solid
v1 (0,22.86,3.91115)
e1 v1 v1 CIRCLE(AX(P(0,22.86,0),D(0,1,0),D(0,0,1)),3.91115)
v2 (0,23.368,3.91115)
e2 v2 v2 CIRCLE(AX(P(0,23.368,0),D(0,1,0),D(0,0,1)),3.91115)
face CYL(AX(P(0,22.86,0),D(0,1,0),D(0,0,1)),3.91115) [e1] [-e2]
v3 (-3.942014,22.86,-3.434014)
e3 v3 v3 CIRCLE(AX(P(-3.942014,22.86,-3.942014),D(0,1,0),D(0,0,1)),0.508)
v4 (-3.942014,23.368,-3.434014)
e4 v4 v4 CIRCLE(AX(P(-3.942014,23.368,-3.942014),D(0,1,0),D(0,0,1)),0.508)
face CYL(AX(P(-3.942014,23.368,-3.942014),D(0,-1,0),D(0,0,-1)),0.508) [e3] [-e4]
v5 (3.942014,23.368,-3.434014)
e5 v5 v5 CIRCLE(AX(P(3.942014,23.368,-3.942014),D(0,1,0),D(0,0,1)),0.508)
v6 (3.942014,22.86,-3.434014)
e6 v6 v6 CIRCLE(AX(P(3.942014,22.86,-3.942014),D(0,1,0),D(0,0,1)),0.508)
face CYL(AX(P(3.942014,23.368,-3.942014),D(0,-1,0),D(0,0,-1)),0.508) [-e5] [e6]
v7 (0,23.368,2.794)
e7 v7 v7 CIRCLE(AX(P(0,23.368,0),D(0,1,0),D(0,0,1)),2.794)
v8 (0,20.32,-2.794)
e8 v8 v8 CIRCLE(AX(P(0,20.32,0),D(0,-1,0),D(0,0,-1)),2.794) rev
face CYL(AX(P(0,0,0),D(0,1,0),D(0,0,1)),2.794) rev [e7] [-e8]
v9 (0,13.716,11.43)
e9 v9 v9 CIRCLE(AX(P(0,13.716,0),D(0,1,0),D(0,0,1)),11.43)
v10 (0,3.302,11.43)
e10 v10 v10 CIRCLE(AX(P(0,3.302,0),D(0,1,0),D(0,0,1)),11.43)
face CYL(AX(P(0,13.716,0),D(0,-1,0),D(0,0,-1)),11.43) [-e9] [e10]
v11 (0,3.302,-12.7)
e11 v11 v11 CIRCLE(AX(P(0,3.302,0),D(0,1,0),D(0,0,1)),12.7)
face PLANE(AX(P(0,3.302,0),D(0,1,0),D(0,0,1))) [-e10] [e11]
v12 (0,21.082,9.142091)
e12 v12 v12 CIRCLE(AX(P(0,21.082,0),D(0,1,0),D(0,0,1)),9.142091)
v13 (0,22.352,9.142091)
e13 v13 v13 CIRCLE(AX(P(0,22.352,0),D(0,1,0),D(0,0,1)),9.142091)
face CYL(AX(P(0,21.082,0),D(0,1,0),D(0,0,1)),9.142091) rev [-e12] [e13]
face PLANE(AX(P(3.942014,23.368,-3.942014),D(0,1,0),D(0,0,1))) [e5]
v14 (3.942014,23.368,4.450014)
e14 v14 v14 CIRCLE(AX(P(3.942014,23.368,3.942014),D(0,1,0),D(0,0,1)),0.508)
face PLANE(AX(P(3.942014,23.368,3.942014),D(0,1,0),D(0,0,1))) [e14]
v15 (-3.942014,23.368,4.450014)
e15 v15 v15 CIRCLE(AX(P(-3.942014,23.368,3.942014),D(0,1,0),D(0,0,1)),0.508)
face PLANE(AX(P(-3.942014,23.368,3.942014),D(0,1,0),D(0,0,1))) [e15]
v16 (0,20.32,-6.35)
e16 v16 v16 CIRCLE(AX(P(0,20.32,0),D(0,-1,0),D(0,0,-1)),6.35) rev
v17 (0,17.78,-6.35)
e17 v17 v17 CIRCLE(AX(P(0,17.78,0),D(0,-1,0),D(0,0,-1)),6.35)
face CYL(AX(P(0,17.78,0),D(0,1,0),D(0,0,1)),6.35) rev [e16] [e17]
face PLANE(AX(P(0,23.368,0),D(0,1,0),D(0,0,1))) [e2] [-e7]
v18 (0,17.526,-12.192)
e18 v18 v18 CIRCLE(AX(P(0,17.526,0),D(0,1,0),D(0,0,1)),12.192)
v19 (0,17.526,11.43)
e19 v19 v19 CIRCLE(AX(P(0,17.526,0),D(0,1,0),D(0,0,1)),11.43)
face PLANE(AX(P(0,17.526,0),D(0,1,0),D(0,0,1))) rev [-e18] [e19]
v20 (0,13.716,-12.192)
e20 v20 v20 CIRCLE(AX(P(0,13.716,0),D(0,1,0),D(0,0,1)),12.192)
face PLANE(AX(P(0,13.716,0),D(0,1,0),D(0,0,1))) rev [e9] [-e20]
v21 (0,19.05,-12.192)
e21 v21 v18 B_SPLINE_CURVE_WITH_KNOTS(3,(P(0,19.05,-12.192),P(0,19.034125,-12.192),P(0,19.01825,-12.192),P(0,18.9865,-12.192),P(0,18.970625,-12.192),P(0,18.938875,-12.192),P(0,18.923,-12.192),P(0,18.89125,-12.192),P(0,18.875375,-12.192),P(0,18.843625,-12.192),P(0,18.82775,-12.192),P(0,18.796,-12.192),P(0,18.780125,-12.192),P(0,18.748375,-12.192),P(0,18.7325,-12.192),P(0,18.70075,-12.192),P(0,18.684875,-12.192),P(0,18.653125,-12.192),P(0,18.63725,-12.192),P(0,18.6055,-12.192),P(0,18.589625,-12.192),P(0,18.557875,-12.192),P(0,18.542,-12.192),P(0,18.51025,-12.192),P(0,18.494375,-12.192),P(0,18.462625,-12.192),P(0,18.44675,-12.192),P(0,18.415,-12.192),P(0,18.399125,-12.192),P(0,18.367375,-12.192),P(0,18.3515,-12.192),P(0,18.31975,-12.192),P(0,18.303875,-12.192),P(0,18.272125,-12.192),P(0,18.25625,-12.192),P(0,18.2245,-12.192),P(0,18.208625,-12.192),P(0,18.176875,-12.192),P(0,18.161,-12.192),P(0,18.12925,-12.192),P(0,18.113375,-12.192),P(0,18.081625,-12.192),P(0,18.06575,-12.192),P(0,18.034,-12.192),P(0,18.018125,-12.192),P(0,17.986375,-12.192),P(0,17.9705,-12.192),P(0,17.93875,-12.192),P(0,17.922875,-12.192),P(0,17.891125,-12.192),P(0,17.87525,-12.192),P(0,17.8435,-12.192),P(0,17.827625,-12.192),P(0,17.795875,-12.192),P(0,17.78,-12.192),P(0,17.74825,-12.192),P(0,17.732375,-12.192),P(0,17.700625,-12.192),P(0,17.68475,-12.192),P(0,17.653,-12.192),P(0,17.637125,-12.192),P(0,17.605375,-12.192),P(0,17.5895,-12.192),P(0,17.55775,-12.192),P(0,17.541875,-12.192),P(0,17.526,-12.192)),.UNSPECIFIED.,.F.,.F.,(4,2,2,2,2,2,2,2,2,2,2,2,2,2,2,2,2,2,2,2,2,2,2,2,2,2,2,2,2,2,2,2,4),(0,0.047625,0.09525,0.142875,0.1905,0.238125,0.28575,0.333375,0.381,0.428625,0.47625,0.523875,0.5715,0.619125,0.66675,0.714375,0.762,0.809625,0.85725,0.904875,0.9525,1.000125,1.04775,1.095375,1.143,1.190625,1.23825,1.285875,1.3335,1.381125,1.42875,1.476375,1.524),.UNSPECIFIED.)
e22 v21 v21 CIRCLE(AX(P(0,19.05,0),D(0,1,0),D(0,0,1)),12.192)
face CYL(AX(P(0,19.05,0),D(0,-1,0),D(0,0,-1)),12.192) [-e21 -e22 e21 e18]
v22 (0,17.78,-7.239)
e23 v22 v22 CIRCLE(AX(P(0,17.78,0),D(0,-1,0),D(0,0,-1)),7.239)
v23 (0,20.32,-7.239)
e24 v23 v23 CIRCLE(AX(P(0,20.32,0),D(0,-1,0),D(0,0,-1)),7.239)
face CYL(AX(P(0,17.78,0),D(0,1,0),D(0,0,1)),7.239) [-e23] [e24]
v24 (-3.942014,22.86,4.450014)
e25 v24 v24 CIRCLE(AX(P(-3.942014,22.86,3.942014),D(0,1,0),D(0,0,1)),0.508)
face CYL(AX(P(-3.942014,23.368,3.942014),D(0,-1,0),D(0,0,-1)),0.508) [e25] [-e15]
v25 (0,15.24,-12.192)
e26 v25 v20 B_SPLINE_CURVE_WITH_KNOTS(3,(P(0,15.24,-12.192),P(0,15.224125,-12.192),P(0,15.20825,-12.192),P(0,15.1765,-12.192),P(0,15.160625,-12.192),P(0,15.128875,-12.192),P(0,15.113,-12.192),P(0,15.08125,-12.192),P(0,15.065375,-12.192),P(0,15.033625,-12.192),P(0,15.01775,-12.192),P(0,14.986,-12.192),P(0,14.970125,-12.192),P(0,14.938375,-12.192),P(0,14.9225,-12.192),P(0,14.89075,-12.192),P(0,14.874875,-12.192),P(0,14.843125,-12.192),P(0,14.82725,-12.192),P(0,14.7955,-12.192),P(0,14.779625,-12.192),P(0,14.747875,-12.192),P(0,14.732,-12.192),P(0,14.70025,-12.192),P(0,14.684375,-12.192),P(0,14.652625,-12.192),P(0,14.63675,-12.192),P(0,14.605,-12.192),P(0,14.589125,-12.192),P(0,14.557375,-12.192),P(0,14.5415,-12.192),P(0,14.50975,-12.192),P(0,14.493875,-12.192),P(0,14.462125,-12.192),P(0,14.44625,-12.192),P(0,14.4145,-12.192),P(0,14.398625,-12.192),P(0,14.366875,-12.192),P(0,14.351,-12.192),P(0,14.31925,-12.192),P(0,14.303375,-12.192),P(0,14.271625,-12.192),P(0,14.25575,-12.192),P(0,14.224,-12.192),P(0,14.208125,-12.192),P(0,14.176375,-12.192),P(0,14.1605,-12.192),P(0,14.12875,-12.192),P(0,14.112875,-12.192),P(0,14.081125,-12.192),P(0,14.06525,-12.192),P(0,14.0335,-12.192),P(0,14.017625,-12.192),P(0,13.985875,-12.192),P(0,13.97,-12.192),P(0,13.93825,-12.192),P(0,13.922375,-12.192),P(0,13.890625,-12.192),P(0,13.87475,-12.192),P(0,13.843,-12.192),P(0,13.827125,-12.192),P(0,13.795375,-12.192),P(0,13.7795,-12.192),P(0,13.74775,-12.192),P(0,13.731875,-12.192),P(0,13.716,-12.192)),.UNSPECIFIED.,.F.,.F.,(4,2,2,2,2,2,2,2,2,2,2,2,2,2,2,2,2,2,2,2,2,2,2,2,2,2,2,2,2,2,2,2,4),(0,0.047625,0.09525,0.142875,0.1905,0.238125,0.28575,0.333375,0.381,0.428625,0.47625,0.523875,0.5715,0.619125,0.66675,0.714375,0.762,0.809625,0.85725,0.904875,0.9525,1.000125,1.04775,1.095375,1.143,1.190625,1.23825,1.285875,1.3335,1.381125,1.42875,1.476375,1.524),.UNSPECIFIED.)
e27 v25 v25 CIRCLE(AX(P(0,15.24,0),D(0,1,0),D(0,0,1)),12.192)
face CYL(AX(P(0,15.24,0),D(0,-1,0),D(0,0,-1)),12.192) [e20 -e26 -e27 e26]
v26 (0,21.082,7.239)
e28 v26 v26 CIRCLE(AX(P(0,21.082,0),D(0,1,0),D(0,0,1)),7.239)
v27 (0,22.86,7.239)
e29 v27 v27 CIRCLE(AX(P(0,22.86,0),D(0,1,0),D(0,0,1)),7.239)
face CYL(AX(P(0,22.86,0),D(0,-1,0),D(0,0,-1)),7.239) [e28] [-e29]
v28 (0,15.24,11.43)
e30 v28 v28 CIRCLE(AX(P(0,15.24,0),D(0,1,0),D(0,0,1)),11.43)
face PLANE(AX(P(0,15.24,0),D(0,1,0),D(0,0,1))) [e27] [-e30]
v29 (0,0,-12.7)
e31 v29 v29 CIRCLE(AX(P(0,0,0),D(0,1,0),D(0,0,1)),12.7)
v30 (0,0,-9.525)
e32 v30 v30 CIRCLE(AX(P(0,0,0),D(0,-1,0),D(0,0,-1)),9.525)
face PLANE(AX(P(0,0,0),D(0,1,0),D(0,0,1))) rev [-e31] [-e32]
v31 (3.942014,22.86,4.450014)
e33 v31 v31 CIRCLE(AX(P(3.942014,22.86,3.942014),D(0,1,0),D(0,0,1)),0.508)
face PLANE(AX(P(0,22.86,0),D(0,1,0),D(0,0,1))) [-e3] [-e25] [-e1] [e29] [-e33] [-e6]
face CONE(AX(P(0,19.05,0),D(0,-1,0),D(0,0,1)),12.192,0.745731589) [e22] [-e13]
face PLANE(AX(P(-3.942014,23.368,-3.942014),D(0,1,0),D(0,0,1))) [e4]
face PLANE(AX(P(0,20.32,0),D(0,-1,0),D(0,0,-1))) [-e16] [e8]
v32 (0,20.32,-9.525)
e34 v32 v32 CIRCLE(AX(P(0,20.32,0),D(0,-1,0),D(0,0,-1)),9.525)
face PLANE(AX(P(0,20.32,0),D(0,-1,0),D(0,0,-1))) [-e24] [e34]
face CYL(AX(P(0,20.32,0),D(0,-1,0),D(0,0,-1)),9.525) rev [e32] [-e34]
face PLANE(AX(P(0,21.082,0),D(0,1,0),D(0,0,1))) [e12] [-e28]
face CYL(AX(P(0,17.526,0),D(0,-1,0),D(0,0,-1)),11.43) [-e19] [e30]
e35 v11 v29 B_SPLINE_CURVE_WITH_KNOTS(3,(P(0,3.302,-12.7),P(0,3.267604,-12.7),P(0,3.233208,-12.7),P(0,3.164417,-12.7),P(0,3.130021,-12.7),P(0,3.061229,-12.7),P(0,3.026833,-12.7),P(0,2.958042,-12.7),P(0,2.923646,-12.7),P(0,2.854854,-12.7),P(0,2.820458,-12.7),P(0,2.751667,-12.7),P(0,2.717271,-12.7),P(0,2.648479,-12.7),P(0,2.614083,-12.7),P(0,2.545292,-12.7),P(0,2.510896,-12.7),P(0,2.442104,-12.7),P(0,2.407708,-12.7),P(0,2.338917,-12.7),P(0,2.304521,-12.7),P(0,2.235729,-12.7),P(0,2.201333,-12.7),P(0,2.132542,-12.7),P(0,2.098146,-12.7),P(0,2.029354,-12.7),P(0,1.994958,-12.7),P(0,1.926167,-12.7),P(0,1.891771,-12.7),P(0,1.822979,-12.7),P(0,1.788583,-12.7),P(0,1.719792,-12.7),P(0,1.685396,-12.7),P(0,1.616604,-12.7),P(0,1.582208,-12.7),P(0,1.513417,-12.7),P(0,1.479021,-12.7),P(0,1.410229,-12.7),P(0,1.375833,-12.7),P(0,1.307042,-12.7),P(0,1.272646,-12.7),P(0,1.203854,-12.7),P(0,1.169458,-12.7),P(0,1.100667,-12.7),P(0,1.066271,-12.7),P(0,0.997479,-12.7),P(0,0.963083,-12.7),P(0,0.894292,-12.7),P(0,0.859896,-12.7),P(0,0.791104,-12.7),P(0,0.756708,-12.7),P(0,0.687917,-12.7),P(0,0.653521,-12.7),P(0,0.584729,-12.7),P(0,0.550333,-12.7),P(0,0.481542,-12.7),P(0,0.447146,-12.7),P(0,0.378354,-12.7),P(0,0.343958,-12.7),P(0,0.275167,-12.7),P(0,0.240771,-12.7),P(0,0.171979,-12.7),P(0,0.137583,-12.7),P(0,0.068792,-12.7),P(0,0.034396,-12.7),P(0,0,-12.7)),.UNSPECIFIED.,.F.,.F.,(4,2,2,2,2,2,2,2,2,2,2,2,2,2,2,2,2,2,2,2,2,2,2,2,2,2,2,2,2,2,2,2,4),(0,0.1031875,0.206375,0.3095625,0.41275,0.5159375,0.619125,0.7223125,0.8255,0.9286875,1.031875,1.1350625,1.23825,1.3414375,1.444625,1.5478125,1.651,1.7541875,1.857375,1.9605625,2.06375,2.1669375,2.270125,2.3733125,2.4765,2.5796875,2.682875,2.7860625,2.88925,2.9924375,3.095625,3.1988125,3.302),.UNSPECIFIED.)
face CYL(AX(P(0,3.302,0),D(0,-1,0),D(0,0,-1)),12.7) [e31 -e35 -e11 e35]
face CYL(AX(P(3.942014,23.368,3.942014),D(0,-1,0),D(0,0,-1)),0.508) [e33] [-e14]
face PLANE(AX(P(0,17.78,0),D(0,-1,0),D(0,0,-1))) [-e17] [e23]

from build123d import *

# Parameters (mm, degrees)
SKETCH1_R               = 12.7
BOTTOM_LIP_DEPTH        = 3.302
SKETCH2_R               = 11.43
BOSS_EXTRUDE3_DEPTH     = 10.414
SKETCH3_R               = 12.192
BOSS_EXTRUDE4_DEPTH     = 1.524
SKETCH4_R               = 11.43
BOSS_EXTRUDE5_DEPTH     = 2.286
SKETCH5_R               = 12.192
BOSS_EXTRUDE7_DEPTH     = 1.524
SKETCH6_R               = 12.192
BOSS_EXTRUDE8_DEPTH     = 3.302
BOSS_EXTRUDE8_TAPER     = 42.72727272
SKETCH12_R              = 7.239
BOSS_EXTRUDE9_DEPTH     = 0.508
SKETCH13_R              = 9.14209071
CUT_EXTRUDE2_DEPTH      = 1.27
SKETCH14_R              = 7.239
BOSS_EXTRUDE10_DEPTH    = 1.778
CUT_EXTRUDE3_DEPTH      = 30.071628781
CUT_EXTRUDE3_DEPTH_BACK = 30.071628781
SKETCH15_R              = 2.794
SKETCH16_R              = 9.525
CUT_EXTRUDE4_DEPTH      = 20.32
SKETCH17_R              = 7.239
SKETCH17_R_2            = 6.35
BOSS_EXTRUDE11_DEPTH    = 2.54
SKETCH18_R              = 3.911149558
BOSS_EXTRUDE15_DEPTH    = 0.508
SKETCH19_R              = 2.794
CUT_EXTRUDE5_DEPTH      = 30.472757319
SKETCH20_R              = 0.508
BOSS_EXTRUDE16_DEPTH    = 0.508


with BuildPart() as part:
    # Sketch1 → Bottom_Lip (new body)
    with BuildSketch(Plane(origin=(0, 0, 0), x_dir=(1, 0, 0), z_dir=(0, 1, 0))):
        with Locations(Location((0, 0, 0), (0, 0, 90))):
            Circle(SKETCH1_R)
    extrude(amount=BOTTOM_LIP_DEPTH)

    # Sketch2 → Boss-Extrude3 (add)
    with BuildSketch(Plane(origin=(0, 3.302, 0), x_dir=(1, 0, 0), z_dir=(0, 1, 0))):
        with Locations(Location((0, 0, 0), (0, 0, 270))):
            Circle(SKETCH2_R)
    extrude(amount=BOSS_EXTRUDE3_DEPTH)

    # Sketch3 → Boss-Extrude4 (add)
    with BuildSketch(Plane(origin=(0, 13.716, 0), x_dir=(1, 0, 0), z_dir=(0, 1, 0))):
        with Locations(Location((0, 0, 0), (0, 0, 90))):
            Circle(SKETCH3_R)
    extrude(amount=BOSS_EXTRUDE4_DEPTH)

    # Sketch4 → Boss-Extrude5 (add)
    with BuildSketch(Plane(origin=(0, 15.24, 0), x_dir=(1, 0, 0), z_dir=(0, 1, 0))):
        with Locations(Location((0, 0, 0), (0, 0, 270))):
            Circle(SKETCH4_R)
    extrude(amount=BOSS_EXTRUDE5_DEPTH)

    # Sketch5 → Boss-Extrude7 (add)
    with BuildSketch(Plane(origin=(0, 17.526, 0), x_dir=(1, 0, 0), z_dir=(0, 1, 0))):
        with Locations(Location((0, 0, 0), (0, 0, 90))):
            Circle(SKETCH5_R)
    extrude(amount=BOSS_EXTRUDE7_DEPTH)


with BuildPart() as body_2:
    # Sketch6 → Boss-Extrude8 (new body)
    with BuildSketch(Plane(origin=(0, 19.05, 0), x_dir=(1, 0, 0), z_dir=(0, 1, 0))):
        with Locations(Location((0, 0, 0), (0, 0, 90))):
            Circle(SKETCH6_R)
    extrude(amount=BOSS_EXTRUDE8_DEPTH, taper=BOSS_EXTRUDE8_TAPER)

    # Sketch12 → Boss-Extrude9 (add)
    with BuildSketch(Plane(origin=(0, 22.352, 0), x_dir=(1, 0, 0), z_dir=(0, 1, 0))):
        with Locations(Location((0, 0, 0), (0, 0, 270))):
            Circle(SKETCH12_R)
    extrude(amount=BOSS_EXTRUDE9_DEPTH)

    # Sketch13 → Cut-Extrude2 (cut)
    with BuildSketch(Plane(origin=(0, 22.352, 0), x_dir=(1, 0, 0), z_dir=(0, 1, 0))):
        with Locations(Location((0, 0, 0), (0, 0, 270))):
            Circle(SKETCH13_R)
    extrude(amount=-CUT_EXTRUDE2_DEPTH, mode=Mode.SUBTRACT)


with BuildPart() as body_3:
    # of the pieces the cut leaves, the one that is kept (cut_extrude2_keep)
    add(body_2.part.solids().sort_by_distance((0, 19.05, -12.192))[0])

    # Sketch14 → Boss-Extrude10 (add)
    with BuildSketch(Plane(origin=(0, 21.082, 0), x_dir=(1, 0, 0), z_dir=(0, 1, 0))):
        with Locations(Location((0, 0, 0), (0, 0, 270))):
            Circle(SKETCH14_R)
    extrude(amount=BOSS_EXTRUDE10_DEPTH)

    # Sketch15 → Cut-Extrude3 (cut, two sides: drawn at the far end of the back side and taken through both)
    with BuildSketch(Plane(origin=(0, 22.86, 0), x_dir=(1, 0, 0), z_dir=(0, 1, 0)).offset(-CUT_EXTRUDE3_DEPTH_BACK)):
        with Locations(Location((0, 0, 0), (0, 0, 270))):
            Circle(SKETCH15_R)
    extrude(amount=CUT_EXTRUDE3_DEPTH + CUT_EXTRUDE3_DEPTH_BACK, mode=Mode.SUBTRACT)


with BuildPart() as cut_extrude4_tool:
    # Sketch16 → Cut-Extrude4 (new body)
    with BuildSketch(Plane.XZ):
        with Locations(Location((0, 0, 0), (0, 0, 270))):
            Circle(SKETCH16_R)
    extrude(amount=-CUT_EXTRUDE4_DEPTH)


with BuildPart() as part_1:
    add(part.part)

    # Cut-Extrude4: cut by cut_extrude4_tool
    add(cut_extrude4_tool.part, mode=Mode.SUBTRACT)



with BuildPart() as body_3_1:
    add(body_3.part)

    # Cut-Extrude4: cut by cut_extrude4_tool
    add(cut_extrude4_tool.part, mode=Mode.SUBTRACT)


with BuildPart() as part_2:
    add(part_1.part)

    add(body_3_1.part)  # Boss-Extrude11 merges body 3
    # Sketch17 → Boss-Extrude11 (add)
    with BuildSketch(Plane.XZ.offset(-20.32)):
        with Locations(Location((0, 0, 0), (0, 0, 90))):
            Circle(SKETCH17_R)
        with Locations(Location((0, 0, 0), (0, 0, 270))):
            Circle(SKETCH17_R_2, mode=Mode.SUBTRACT)
    extrude(amount=BOSS_EXTRUDE11_DEPTH)

    # Sketch18 → Boss-Extrude15 (add)
    with BuildSketch(Plane(origin=(0, 22.86, 0), x_dir=(1, 0, 0), z_dir=(0, 1, 0))):
        with Locations(Location((0, 0, 0), (0, 0, 270))):
            Circle(SKETCH18_R)
    extrude(amount=BOSS_EXTRUDE15_DEPTH)

    # Sketch19 → Cut-Extrude5 (cut, through all)
    with BuildSketch(Plane(origin=(0, 23.368, 0), x_dir=(1, 0, 0), z_dir=(0, 1, 0))):
        with Locations(Location((0, 0, 0), (0, 0, 270))):
            Circle(SKETCH19_R)
    extrude(amount=-CUT_EXTRUDE5_DEPTH, mode=Mode.SUBTRACT)

    # Sketch20 → Boss-Extrude16 (add)
    with BuildSketch(Plane(origin=(0, 22.86, 0), x_dir=(1, 0, 0), z_dir=(0, 1, 0))):
        with Locations(Location((3.942013927, -3.942013927, 0), (0, 0, 270))):
            Circle(SKETCH20_R)
        with Locations(Location((-3.942013927, -3.942013927, 0), (0, 0, 270))):
            Circle(SKETCH20_R)
        with Locations(Location((-3.942013927, 3.942013927, 0), (0, 0, 270))):
            Circle(SKETCH20_R)
        with Locations(Location((3.942013927, 3.942013927, 0), (0, 0, 270))):
            Circle(SKETCH20_R)
    extrude(amount=BOSS_EXTRUDE16_DEPTH)


solid = part_2.part
